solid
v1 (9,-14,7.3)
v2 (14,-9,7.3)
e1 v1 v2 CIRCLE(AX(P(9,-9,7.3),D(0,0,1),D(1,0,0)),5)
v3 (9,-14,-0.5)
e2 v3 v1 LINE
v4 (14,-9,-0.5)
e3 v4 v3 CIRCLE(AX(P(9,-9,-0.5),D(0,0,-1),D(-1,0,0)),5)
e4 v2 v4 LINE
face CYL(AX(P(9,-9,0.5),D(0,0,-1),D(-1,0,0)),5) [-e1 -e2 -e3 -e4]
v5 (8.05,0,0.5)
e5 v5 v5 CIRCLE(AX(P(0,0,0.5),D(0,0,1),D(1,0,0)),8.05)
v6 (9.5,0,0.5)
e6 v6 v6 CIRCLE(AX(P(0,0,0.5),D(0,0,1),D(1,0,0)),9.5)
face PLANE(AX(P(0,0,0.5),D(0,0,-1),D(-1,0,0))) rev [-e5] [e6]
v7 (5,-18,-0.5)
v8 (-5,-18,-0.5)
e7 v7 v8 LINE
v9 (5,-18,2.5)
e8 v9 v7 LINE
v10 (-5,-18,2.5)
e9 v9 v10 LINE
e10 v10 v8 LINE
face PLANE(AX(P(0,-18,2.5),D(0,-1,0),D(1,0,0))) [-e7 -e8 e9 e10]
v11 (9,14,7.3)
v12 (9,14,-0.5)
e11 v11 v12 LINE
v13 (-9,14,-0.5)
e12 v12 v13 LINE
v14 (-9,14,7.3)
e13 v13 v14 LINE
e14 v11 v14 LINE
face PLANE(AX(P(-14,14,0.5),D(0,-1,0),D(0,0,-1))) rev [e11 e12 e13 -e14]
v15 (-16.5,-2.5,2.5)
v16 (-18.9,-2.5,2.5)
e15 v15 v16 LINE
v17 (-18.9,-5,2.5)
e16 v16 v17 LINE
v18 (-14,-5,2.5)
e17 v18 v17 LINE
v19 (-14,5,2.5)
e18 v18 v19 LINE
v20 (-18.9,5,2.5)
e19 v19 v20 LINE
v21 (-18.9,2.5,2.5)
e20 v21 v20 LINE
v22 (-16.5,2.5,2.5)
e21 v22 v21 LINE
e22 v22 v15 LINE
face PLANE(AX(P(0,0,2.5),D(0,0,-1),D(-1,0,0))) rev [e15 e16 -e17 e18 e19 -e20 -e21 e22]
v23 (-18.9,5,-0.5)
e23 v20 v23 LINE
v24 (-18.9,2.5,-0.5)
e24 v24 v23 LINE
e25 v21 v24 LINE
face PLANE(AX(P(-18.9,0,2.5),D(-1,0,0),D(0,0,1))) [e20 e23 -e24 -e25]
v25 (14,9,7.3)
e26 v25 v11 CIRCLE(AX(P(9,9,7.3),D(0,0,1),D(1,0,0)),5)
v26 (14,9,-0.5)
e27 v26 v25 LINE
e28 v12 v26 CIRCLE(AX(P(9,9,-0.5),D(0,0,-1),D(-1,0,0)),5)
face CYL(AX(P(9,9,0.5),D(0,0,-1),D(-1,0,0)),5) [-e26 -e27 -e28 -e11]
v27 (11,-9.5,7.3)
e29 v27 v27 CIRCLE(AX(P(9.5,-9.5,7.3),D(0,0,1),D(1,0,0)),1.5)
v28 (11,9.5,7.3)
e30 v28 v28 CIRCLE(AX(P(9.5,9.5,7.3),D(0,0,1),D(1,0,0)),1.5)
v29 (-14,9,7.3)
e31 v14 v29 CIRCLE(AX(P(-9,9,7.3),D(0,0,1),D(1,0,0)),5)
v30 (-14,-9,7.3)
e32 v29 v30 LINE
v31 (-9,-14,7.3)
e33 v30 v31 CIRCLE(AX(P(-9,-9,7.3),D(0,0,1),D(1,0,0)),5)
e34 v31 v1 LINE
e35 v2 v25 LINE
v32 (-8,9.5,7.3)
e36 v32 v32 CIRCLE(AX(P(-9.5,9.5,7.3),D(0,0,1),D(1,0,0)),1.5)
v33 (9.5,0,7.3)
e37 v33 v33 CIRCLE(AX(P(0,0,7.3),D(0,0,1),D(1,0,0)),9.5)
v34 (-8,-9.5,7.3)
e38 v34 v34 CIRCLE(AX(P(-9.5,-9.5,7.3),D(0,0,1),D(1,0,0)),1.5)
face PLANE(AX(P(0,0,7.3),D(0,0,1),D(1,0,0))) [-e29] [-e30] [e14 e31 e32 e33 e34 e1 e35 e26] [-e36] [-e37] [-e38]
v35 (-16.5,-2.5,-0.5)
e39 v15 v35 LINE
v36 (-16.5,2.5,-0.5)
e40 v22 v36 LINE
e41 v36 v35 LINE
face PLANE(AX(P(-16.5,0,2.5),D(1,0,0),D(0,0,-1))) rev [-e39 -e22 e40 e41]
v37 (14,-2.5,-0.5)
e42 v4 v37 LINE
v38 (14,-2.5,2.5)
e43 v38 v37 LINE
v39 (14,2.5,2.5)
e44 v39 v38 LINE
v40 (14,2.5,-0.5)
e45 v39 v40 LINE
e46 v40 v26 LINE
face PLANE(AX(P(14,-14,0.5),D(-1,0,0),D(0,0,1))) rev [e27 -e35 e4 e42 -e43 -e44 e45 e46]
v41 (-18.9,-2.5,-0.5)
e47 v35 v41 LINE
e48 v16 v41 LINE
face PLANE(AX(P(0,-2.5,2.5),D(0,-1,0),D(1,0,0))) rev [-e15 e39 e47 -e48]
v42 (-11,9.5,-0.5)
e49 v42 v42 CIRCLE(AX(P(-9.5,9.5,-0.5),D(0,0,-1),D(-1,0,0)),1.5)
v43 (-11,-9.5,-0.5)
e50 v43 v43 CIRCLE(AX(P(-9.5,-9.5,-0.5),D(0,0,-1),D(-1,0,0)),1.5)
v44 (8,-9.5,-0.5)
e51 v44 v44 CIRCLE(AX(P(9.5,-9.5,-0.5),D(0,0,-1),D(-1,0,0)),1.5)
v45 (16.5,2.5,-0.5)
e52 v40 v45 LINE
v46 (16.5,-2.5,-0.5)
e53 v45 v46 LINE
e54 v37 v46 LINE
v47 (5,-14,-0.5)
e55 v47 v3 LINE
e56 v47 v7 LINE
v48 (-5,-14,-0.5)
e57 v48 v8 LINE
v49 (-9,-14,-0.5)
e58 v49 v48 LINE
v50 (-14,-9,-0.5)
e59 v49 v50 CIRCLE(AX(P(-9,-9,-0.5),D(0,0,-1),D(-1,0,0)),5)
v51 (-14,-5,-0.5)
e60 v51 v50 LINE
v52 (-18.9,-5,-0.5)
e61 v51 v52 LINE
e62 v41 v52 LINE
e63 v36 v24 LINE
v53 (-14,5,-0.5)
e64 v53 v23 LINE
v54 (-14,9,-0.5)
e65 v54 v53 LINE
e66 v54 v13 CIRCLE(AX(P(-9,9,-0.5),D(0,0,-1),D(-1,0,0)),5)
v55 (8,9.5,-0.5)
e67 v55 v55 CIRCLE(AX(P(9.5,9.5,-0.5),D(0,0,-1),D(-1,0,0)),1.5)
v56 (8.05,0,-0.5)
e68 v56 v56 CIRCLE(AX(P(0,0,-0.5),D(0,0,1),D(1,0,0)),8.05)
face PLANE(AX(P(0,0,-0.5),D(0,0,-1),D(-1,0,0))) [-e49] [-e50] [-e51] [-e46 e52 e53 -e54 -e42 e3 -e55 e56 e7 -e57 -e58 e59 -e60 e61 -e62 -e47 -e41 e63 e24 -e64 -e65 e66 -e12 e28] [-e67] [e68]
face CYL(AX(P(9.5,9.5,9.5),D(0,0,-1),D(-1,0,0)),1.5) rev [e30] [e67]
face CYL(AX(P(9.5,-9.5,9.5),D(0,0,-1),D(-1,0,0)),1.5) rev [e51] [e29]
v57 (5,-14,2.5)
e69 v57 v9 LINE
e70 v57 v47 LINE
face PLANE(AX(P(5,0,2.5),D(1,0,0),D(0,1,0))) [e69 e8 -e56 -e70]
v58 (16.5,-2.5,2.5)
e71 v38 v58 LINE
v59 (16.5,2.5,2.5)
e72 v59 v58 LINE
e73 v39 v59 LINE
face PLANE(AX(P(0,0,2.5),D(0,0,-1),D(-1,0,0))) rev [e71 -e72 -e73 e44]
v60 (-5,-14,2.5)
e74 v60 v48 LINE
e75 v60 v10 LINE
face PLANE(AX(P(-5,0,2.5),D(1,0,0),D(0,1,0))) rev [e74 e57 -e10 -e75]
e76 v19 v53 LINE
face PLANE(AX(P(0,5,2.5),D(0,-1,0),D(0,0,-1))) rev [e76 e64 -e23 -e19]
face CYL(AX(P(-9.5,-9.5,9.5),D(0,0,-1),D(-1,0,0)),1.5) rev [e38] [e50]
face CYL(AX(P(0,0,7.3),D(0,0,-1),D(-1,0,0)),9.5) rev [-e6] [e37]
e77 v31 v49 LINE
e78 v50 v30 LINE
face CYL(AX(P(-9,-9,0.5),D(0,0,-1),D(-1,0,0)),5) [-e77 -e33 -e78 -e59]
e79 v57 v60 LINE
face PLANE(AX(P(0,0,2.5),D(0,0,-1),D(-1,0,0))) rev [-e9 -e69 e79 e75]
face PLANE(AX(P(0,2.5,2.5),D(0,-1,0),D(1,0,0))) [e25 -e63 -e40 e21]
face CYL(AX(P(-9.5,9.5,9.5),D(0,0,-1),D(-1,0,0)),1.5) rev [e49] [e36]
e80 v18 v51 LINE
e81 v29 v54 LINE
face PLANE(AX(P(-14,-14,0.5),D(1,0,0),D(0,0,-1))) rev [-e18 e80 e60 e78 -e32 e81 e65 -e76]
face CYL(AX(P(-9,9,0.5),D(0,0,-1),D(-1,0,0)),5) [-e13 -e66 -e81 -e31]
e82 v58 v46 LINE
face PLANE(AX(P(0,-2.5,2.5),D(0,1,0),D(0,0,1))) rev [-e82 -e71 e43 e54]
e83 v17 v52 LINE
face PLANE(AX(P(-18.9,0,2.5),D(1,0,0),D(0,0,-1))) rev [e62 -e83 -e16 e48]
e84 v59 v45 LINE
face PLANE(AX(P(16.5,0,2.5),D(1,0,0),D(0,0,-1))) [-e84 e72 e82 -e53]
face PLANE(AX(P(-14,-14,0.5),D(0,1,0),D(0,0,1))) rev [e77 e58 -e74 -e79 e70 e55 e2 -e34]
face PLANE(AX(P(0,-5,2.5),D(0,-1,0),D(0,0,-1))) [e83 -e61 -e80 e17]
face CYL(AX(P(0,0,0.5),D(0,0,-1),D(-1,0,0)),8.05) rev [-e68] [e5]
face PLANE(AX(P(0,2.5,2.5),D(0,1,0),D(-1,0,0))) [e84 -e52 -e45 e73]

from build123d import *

# Parameters (mm, degrees)
CROQUIS1_W              = 28
CROQUIS1_H              = 28
CROQUIS1_R              = 8.05
SALIENTE_EXTRUIR1_DEPTH = 0.5
CROQUIS2_W              = 28
CROQUIS2_H              = 28
CROQUIS2_R              = 9.5
SALIENTE_EXTRUIR2_DEPTH = 6.8
CROQUIS7_W              = 2.5
CROQUIS7_H              = 5
CROQUIS7_W_2            = 10
CROQUIS7_H_2            = 4
SALIENTE_EXTRUIR3_DEPTH = 3
REDONDEO1_R             = 5
CROQUIS6_R              = 1.5
CORTAR_EXTRUIR3_DEPTH   = 10


with BuildPart() as part:
    # Croquis1 → Saliente-Extruir1 (new, symmetric)
    with BuildSketch(Plane.XY):
        Rectangle(CROQUIS1_W, CROQUIS1_H)
        Circle(CROQUIS1_R, mode=Mode.SUBTRACT)
    extrude(amount=SALIENTE_EXTRUIR1_DEPTH, both=True)

    # Croquis2 → Saliente-Extruir2 (add)
    with BuildSketch(Plane.XY.offset(0.5)):
        Rectangle(CROQUIS2_W, CROQUIS2_H)
        Circle(CROQUIS2_R, mode=Mode.SUBTRACT)
    extrude(amount=SALIENTE_EXTRUIR2_DEPTH)

    # Croquis7 → Saliente-Extruir3 (add)
    with BuildSketch(Plane(origin=(0, 0, -0.5), x_dir=(-1, 0, 0), z_dir=(0, 0, -1))):
        with Locations((-15.25, 0)):
            Rectangle(CROQUIS7_W, CROQUIS7_H)
        with Locations((0, -16)):
            Rectangle(CROQUIS7_W_2, CROQUIS7_H_2)
        Polygon((14, -2.5), (14, -5), (18.9, -5), (18.9, -2.5), (16.5, -2.5), align=None)
        with Locations((15.25, 0)):
            Rectangle(CROQUIS7_W, CROQUIS7_H)
        Polygon((14, 5), (14, 2.5), (16.5, 2.5), (18.9, 2.5), (18.9, 5), align=None)
    extrude(amount=-SALIENTE_EXTRUIR3_DEPTH)

    # Redondeo1
    redondeo1_edges = [part.edges().sort_by_distance(p)[0] for p in [
        (14, -14, 3.4),
        (-14, -14, 3.4),
        (-14, 14, 3.4),
        (14, 14, 3.4),
    ]]
    fillet(redondeo1_edges, radius=REDONDEO1_R)

    # Croquis6 → Cortar-Extruir3 (cut)
    with BuildSketch(Plane(origin=(0, 0, -0.5), x_dir=(-1, 0, 0), z_dir=(0, 0, -1))):
        with Locations((-9.5, 9.5)):
            Circle(CROQUIS6_R)
        with Locations((9.5, 9.5)):
            Circle(CROQUIS6_R)
        with Locations((9.5, -9.5)):
            Circle(CROQUIS6_R)
        with Locations((-9.5, -9.5)):
            Circle(CROQUIS6_R)
    extrude(amount=-CORTAR_EXTRUIR3_DEPTH, mode=Mode.SUBTRACT)


solid = part.part
